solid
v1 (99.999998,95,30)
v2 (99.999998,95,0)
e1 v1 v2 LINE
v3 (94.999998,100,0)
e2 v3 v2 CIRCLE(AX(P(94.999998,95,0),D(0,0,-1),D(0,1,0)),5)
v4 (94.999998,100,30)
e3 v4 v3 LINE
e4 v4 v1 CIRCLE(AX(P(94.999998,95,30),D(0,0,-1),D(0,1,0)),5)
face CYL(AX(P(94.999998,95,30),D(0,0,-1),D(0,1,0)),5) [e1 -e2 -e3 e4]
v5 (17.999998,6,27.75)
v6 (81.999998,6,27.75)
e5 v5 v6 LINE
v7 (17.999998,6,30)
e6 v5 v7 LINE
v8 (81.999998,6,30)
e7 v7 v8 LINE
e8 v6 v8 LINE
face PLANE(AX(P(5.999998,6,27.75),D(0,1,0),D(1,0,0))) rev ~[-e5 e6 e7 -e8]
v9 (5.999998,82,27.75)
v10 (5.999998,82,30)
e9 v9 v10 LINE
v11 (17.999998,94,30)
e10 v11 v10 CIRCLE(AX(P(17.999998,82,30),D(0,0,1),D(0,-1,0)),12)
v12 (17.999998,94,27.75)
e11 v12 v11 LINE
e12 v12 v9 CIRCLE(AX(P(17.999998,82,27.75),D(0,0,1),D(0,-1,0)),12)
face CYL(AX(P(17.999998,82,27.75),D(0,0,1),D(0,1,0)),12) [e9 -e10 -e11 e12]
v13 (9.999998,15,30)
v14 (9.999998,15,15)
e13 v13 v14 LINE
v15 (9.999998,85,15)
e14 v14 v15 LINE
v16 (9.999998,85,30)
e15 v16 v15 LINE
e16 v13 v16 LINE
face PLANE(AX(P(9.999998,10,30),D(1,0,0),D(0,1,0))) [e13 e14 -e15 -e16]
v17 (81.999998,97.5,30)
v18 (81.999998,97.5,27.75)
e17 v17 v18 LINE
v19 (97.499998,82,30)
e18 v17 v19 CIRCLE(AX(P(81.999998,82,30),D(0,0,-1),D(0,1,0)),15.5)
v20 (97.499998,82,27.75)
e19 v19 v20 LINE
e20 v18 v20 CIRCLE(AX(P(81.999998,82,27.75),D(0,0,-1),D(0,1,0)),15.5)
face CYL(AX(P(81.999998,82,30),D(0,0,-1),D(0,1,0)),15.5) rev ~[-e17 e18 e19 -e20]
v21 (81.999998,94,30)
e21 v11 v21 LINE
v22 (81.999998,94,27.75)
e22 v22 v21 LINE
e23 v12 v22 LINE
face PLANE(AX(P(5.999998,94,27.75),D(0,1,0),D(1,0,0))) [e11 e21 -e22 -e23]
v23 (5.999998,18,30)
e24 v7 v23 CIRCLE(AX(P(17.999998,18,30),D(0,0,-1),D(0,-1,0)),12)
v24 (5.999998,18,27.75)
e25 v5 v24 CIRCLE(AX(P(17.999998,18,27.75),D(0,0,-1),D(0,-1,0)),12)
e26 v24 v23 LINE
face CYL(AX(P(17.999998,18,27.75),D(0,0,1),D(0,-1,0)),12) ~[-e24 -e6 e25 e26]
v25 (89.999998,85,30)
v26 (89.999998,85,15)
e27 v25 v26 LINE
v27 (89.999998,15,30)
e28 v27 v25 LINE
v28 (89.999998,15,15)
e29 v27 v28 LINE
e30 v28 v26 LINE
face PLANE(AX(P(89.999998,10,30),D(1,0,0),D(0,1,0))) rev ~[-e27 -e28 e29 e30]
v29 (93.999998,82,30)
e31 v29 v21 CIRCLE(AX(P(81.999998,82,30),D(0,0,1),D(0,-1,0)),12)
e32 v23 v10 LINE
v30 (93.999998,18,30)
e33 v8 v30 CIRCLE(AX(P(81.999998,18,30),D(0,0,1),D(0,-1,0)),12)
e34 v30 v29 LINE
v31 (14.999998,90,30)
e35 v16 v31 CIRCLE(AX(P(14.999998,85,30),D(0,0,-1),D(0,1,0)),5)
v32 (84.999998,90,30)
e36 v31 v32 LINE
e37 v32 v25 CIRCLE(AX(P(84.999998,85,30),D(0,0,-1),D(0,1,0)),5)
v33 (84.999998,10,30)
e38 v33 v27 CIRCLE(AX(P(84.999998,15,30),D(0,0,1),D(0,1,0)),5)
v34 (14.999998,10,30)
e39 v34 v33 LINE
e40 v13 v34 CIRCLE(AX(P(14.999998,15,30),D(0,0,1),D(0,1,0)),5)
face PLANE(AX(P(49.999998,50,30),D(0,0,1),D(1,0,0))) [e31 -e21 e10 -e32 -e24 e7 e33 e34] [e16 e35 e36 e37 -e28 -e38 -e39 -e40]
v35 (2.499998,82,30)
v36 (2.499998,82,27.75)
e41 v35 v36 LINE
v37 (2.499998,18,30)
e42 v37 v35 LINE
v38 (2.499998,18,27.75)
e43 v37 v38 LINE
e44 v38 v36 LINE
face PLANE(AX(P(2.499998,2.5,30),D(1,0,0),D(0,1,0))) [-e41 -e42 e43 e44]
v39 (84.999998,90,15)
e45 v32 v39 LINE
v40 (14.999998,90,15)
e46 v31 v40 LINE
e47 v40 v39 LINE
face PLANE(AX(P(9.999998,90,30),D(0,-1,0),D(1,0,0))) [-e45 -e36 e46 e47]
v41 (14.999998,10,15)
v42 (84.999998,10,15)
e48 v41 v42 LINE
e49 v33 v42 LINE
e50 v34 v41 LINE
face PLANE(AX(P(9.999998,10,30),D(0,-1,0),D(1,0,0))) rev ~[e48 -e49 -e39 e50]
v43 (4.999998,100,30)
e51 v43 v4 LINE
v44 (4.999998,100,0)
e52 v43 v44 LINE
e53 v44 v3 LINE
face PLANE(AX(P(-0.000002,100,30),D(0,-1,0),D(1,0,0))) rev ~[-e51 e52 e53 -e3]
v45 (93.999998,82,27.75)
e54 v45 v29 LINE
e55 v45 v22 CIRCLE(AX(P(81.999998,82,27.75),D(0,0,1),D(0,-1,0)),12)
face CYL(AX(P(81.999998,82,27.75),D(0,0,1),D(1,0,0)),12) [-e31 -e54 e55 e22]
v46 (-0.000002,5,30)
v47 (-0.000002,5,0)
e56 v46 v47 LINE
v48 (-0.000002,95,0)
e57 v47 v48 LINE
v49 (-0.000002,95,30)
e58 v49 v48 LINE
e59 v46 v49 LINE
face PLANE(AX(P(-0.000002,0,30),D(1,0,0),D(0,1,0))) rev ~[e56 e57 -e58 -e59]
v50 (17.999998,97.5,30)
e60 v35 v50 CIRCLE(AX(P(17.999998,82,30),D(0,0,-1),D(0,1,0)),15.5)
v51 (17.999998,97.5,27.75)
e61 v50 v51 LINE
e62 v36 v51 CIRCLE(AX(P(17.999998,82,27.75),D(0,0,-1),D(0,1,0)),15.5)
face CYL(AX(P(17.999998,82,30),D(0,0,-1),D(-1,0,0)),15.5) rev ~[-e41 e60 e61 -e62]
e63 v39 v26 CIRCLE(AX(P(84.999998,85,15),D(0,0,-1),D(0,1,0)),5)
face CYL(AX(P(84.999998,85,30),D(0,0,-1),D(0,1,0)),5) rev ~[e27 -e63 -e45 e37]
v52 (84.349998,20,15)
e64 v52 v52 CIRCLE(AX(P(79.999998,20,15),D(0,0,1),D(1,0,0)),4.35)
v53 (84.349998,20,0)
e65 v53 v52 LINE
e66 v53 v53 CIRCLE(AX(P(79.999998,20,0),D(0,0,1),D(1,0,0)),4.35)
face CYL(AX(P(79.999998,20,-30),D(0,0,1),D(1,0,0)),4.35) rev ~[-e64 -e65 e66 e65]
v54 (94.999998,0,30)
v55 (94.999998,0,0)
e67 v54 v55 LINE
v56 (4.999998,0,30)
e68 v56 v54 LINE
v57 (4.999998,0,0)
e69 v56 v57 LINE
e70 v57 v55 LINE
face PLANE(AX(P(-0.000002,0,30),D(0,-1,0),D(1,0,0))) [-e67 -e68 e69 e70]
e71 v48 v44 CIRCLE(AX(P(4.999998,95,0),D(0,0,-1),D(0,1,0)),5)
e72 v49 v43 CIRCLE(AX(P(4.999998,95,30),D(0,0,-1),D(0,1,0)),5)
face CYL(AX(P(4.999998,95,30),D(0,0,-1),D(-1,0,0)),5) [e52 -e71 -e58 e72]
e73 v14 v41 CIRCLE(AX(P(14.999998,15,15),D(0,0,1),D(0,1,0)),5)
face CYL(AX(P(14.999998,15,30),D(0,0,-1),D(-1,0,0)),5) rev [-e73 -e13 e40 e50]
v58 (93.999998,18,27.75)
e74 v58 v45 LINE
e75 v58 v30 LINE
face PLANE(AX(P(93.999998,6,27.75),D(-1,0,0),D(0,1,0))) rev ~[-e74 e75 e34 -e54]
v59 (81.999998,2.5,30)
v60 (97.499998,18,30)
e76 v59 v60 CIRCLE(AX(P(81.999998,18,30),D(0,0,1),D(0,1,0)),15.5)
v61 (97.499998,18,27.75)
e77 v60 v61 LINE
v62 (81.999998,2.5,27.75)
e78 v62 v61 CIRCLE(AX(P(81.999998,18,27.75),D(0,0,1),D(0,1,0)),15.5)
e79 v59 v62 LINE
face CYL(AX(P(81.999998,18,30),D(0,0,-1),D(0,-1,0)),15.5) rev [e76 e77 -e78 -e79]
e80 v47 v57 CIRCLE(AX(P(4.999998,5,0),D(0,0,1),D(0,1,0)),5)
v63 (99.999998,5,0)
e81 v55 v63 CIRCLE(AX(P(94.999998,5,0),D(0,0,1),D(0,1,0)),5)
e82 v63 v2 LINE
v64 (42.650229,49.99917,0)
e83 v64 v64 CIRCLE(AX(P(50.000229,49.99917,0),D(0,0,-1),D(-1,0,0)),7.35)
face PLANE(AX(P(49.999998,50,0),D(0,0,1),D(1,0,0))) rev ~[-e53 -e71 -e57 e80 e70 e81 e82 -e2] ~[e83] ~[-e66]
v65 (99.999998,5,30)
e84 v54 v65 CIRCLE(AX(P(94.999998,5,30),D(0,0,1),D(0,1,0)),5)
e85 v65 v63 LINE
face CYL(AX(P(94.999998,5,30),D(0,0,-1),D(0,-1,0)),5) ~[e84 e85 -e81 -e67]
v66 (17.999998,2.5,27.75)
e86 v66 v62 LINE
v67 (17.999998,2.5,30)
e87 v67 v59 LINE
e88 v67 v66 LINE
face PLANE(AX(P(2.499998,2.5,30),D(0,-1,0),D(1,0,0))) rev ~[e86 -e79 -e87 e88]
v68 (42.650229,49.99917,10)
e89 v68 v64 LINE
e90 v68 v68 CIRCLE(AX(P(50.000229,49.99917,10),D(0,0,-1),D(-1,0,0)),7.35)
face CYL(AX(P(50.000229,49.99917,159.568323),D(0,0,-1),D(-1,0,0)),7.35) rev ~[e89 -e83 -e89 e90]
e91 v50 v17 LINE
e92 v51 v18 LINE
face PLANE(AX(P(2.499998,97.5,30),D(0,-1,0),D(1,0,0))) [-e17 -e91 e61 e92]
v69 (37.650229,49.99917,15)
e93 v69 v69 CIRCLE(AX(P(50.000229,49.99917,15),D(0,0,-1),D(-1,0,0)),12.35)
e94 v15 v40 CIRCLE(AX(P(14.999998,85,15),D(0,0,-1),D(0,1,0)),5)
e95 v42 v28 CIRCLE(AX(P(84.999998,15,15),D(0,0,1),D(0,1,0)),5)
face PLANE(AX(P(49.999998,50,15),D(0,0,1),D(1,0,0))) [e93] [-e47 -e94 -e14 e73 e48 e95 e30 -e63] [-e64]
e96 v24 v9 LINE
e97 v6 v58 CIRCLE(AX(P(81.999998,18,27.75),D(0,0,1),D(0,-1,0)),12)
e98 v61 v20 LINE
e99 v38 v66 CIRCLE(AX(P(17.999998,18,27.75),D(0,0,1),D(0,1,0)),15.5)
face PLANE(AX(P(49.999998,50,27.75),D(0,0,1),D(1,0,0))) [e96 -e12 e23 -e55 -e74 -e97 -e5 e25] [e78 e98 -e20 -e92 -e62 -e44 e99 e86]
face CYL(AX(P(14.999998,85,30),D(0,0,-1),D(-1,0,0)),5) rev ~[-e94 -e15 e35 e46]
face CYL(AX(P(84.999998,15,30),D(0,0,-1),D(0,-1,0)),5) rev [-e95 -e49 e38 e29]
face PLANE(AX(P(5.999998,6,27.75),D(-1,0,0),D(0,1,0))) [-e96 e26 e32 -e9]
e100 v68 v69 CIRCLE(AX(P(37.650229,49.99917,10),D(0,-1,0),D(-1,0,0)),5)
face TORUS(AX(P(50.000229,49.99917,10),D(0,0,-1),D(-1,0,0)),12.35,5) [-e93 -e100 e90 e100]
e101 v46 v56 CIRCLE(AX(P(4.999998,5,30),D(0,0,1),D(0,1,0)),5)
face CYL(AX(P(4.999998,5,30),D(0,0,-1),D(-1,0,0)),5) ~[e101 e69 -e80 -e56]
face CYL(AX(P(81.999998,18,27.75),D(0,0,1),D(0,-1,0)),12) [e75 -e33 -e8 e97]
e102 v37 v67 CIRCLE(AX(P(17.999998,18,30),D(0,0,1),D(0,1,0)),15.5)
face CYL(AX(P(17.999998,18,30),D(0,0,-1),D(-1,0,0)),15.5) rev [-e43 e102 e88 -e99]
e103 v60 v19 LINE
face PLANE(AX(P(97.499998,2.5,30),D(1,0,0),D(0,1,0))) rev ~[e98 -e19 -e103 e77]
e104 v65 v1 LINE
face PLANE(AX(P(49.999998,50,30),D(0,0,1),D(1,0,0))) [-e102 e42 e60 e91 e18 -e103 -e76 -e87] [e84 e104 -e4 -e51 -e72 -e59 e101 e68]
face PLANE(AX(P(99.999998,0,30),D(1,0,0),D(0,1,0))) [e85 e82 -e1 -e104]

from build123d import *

# Parameters (mm, degrees)
SKETCH1_W                    = 100
SKETCH1_H                    = 100
BOSS_EXTRUDE1_DEPTH          = 30
SKETCH2_W                    = 95
SKETCH2_H                    = 95
CUT_EXTRUDE1_DEPTH           = 2.25
SKETCH3_W                    = 88
SKETCH3_H                    = 88
BOSS_EXTRUDE2_DEPTH          = 2.25
SKETCH4_W                    = 80
SKETCH4_H                    = 80
CUT_EXTRUDE2_DEPTH           = 15
F_9_16_CLEARANCE_HOLE1_D     = 14.7
F_5_16_CLEARANCE_HOLE1_D     = 8.7
F_5_16_CLEARANCE_HOLE1_DEPTH = 30
FILLET1_R                    = 5
FILLET2_R                    = 12
FILLET3_R                    = 15.5


with BuildPart() as part:
    # Sketch1 → Boss-Extrude1 (new body)
    with BuildSketch(Plane.XY.offset(30)):
        with Locations((49.999998297, 50.00000012)):
            Rectangle(SKETCH1_W, SKETCH1_H)
    extrude(amount=-BOSS_EXTRUDE1_DEPTH)

    # Sketch2 → Cut-Extrude1 (cut)
    with BuildSketch(Plane.XY.offset(30)):
        with Locations((49.999998297, 50.00000012)):
            Rectangle(SKETCH2_W, SKETCH2_H)
    extrude(amount=-CUT_EXTRUDE1_DEPTH, mode=Mode.SUBTRACT)

    # Sketch3 → Boss-Extrude2 (add)
    with BuildSketch(Plane.XY.offset(27.75)):
        with Locations((49.999998297, 50.00000012)):
            Rectangle(SKETCH3_W, SKETCH3_H)
    extrude(amount=BOSS_EXTRUDE2_DEPTH)

    # Sketch4 → Cut-Extrude2 (cut)
    with BuildSketch(Plane.XY.offset(30)):
        with Locations((49.999998297, 50.00000012)):
            Rectangle(SKETCH4_W, SKETCH4_H)
    extrude(amount=-CUT_EXTRUDE2_DEPTH, mode=Mode.SUBTRACT)

    # 9/16 Clearance Hole1 (through all)
    with Locations(Plane.XY.offset(15)):
        with Locations((50.000229381, 49.999170193)):
            Hole(F_9_16_CLEARANCE_HOLE1_D / 2)

    # 5/16 Clearance Hole1
    with Locations(Plane(origin=(0, 0, 0), x_dir=(-1, 0, 0), z_dir=(0, 0, -1))):
        with Locations((-79.999998297, 20.00000012)):
            Hole(F_5_16_CLEARANCE_HOLE1_D / 2, depth=F_5_16_CLEARANCE_HOLE1_DEPTH)

    # Fillet1
    fillet1_edges = [part.edges().sort_by_distance(p)[0] for p in [
        (9.999998297, 90.00000012, 22.5),
        (89.999998297, 90.00000012, 22.5),
        (89.999998297, 10.00000012, 22.5),
        (9.999998297, 10.00000012, 22.5),
        (57.350229381, 49.999170193, 15),
        (-1.703e-06, 1.2e-07, 15),
        (-1.703e-06, 100.00000012, 15),
        (99.999998297, 100.00000012, 15),
        (99.999998297, 1.2e-07, 15),
    ]]
    fillet(fillet1_edges, radius=FILLET1_R)

    # Fillet2
    fillet2_edges = [part.edges().sort_by_distance(p)[0] for p in [
        (5.999998297, 6.00000012, 28.875),
        (93.999998297, 6.00000012, 28.875),
        (93.999998297, 94.00000012, 28.875),
        (5.999998297, 94.00000012, 28.875),
    ]]
    fillet(fillet2_edges, radius=FILLET2_R)

    # Fillet3
    fillet3_edges = [part.edges().sort_by_distance(p)[0] for p in [
        (2.499998297, 2.50000012, 28.875),
        (2.499998297, 97.50000012, 28.875),
        (97.499998297, 97.50000012, 28.875),
        (97.499998297, 2.50000012, 28.875),
    ]]
    fillet(fillet3_edges, radius=FILLET3_R)


solid = part.part
